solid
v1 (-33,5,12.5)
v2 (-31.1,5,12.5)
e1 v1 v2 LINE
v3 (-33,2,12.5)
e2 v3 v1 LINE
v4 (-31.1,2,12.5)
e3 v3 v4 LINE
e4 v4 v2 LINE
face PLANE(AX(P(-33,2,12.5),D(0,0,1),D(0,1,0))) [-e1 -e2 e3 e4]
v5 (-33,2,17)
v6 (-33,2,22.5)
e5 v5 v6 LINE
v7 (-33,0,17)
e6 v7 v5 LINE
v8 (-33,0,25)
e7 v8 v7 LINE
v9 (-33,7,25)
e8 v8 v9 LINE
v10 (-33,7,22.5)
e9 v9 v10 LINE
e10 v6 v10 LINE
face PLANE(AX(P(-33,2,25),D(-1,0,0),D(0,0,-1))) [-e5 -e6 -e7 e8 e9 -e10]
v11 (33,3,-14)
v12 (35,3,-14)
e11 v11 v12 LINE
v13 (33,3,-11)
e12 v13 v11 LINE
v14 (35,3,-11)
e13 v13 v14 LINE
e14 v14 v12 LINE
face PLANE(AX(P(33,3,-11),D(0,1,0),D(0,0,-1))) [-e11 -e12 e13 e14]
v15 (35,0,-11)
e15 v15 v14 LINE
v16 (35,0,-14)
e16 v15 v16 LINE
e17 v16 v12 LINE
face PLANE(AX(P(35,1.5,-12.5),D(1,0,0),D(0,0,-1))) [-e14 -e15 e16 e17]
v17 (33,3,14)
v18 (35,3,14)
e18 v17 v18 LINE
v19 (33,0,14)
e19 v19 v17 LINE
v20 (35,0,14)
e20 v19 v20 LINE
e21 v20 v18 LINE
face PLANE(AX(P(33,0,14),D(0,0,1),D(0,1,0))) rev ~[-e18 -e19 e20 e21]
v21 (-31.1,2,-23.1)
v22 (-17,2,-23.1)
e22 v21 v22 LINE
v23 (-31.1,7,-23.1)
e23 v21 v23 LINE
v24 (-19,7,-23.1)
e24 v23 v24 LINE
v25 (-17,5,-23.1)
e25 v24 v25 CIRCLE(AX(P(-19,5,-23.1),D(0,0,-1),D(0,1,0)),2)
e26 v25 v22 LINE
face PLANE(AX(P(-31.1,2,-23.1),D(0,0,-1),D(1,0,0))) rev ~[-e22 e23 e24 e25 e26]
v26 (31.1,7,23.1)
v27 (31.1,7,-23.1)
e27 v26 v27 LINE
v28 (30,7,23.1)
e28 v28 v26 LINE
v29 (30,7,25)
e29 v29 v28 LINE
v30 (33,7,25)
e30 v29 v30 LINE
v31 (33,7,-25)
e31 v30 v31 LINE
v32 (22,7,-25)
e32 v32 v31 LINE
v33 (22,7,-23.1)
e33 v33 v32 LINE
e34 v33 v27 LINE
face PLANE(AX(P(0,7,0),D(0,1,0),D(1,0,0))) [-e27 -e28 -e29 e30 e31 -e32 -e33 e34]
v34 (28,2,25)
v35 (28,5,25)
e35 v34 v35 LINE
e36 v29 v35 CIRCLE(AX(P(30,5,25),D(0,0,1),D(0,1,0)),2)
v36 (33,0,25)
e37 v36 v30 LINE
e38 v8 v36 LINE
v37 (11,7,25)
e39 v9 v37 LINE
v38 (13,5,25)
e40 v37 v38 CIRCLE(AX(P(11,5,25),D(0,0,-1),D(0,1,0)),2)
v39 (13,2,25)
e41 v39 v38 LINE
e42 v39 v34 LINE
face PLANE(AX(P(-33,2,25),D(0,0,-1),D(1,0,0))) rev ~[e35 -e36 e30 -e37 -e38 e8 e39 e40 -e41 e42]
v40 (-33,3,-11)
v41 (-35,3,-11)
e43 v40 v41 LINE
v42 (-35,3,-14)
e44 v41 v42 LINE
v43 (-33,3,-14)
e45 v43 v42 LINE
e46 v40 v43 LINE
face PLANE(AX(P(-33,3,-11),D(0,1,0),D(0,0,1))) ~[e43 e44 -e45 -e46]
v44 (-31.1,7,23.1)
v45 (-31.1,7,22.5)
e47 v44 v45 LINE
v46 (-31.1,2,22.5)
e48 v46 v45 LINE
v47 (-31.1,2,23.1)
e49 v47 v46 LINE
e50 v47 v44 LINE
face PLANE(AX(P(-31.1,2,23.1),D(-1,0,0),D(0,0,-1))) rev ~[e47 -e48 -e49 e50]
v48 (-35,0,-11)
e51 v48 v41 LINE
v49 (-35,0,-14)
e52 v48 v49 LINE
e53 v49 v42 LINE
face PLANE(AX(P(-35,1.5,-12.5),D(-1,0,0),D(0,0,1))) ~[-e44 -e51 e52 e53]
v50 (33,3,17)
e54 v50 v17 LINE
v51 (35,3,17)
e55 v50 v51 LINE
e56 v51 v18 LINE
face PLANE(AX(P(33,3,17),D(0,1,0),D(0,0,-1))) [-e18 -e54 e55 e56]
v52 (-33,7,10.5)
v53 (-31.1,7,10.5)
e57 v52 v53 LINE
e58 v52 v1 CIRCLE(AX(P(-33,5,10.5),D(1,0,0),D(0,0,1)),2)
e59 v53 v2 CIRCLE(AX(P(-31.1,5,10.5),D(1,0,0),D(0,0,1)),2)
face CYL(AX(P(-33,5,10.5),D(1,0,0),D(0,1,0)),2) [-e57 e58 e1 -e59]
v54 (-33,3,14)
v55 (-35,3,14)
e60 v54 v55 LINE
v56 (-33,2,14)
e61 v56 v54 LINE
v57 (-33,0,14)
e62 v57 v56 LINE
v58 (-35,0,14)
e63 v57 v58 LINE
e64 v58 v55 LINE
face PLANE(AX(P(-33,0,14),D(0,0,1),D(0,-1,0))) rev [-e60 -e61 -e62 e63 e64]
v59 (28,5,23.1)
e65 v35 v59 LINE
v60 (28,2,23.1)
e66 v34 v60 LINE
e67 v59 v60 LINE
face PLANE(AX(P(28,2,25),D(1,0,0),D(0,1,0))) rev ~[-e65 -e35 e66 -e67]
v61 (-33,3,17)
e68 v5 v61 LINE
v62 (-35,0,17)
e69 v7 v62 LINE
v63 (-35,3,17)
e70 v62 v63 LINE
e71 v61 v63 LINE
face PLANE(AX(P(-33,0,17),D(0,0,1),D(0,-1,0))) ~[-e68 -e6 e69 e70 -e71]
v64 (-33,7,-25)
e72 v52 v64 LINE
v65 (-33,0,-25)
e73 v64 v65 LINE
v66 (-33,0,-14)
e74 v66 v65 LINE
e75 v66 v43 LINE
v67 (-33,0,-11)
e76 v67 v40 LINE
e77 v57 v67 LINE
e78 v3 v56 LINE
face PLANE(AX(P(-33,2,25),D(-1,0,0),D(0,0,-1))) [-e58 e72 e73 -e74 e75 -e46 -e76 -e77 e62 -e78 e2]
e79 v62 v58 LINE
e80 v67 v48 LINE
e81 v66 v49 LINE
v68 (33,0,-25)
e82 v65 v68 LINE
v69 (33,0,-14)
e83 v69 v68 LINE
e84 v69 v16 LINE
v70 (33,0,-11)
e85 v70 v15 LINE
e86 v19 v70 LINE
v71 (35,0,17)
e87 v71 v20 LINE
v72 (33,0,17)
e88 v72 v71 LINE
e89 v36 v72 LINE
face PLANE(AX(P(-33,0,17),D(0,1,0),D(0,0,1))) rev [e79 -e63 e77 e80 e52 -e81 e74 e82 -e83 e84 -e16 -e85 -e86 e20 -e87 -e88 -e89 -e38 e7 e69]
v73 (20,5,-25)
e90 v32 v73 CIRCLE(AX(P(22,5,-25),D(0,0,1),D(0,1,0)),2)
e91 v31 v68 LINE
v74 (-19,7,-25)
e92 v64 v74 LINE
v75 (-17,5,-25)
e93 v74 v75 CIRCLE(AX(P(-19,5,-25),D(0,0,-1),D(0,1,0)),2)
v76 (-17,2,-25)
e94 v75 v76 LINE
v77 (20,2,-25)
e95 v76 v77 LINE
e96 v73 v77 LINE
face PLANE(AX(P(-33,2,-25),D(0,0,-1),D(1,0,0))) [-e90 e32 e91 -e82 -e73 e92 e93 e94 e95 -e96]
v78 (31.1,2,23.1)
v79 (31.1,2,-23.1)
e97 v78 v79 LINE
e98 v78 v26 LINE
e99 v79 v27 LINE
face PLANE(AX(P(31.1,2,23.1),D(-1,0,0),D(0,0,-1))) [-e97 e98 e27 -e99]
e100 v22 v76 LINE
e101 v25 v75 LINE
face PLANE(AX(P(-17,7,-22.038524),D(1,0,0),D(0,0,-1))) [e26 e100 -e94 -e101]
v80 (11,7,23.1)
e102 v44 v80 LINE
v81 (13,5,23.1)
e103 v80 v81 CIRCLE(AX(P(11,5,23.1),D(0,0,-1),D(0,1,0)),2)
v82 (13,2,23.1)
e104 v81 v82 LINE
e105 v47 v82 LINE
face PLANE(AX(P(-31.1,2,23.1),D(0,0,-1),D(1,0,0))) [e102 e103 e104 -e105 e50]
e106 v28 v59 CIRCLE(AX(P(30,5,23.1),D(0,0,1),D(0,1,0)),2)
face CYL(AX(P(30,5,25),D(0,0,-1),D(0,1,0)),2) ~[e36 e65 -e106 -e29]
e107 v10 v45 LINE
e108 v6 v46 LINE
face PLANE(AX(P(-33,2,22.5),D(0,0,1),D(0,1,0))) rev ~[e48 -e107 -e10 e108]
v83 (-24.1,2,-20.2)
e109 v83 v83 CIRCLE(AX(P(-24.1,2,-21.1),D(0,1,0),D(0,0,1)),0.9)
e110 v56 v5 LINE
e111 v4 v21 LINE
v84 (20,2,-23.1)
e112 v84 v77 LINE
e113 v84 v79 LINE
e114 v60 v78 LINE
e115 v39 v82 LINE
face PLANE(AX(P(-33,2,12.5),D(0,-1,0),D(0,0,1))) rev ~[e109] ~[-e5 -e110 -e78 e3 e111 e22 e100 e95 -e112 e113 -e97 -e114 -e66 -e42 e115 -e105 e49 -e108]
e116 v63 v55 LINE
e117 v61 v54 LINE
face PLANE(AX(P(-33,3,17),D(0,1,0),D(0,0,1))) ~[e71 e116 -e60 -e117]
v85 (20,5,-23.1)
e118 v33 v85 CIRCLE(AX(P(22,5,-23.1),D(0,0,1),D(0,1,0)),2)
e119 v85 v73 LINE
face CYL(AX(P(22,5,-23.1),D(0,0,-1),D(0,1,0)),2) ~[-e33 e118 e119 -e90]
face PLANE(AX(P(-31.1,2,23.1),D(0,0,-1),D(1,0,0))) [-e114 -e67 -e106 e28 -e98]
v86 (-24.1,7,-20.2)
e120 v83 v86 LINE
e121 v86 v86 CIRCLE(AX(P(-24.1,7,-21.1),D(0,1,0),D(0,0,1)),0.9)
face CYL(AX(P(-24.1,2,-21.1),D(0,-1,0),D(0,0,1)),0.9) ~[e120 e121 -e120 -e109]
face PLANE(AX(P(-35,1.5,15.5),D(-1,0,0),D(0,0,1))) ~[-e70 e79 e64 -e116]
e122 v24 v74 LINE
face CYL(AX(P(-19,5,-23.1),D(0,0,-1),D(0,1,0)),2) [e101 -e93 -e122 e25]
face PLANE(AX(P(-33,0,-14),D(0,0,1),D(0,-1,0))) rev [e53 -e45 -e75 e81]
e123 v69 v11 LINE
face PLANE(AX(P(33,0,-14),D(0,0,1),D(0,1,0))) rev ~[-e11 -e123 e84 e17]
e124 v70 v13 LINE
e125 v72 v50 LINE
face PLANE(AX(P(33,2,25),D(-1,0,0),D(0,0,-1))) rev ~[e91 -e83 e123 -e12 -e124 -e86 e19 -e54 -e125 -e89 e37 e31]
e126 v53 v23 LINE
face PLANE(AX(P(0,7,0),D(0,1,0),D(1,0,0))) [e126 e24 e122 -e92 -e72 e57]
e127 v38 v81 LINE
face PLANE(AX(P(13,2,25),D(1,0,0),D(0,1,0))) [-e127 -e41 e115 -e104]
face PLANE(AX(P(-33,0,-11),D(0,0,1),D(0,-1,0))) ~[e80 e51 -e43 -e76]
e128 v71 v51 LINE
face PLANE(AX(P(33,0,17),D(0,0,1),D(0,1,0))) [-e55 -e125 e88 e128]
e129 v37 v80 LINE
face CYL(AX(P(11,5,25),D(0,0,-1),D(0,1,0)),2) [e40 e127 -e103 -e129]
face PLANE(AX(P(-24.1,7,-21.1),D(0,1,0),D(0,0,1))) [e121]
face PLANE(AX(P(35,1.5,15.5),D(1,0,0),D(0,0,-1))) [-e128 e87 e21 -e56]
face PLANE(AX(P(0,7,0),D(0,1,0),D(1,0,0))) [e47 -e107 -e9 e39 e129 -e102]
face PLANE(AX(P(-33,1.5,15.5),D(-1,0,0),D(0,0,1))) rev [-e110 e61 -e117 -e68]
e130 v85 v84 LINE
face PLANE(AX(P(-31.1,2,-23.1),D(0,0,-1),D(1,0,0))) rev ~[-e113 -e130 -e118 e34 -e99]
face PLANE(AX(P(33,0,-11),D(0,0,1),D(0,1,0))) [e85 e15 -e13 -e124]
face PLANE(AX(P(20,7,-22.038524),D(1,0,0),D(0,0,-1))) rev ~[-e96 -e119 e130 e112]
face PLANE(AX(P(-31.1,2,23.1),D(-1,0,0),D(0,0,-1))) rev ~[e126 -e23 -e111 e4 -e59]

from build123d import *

# Parameters (mm, degrees)
SKETCH_2_W          = 66
SKETCH_2_H          = 50
EXTRUDE_1_DEPTH     = 2
SKETCH_3_W          = 66
SKETCH_3_H          = 50
SKETCH_3_W_2        = 62.2
SKETCH_3_H_2        = 46.2
EXTRUDE_2_DEPTH     = 5
SKETCH_4_W          = 37
SKETCH_4_H          = 6.241197807
CUT_EXTRUDE_1_DEPTH = 5
SKETCH_5_R          = 0.9
EXTRUDE_3_DEPTH     = 5
SKETCH_6_W          = 10
SKETCH_6_H          = 5
CUT_EXTRUDE_2_DEPTH = 5
SKETCH_7_W          = 15
SKETCH_7_H          = 5
CUT_EXTRUDE_3_DEPTH = 5
FILLET_1_R          = 2
SKETCH_8_W          = 3
SKETCH_8_H          = 3
EXTRUDE_4_DEPTH     = 2


with BuildPart() as part:
    # 草图2 → 凸台-拉伸1 (new body)
    with BuildSketch(Plane(origin=(0, 0, 0), x_dir=(1, 0, 0), z_dir=(0, 1, 0))):
        Rectangle(SKETCH_2_W, SKETCH_2_H)
    extrude(amount=EXTRUDE_1_DEPTH)

    # 草图3 → 凸台-拉伸2 (add)
    with BuildSketch(Plane(origin=(0, 2, 0), x_dir=(1, 0, 0), z_dir=(0, 1, 0))):
        Rectangle(SKETCH_3_W, SKETCH_3_H)
        Rectangle(SKETCH_3_W_2, SKETCH_3_H_2, mode=Mode.SUBTRACT)
    extrude(amount=EXTRUDE_2_DEPTH)

    # 草图4 → 切除-拉伸1 (cut)
    with BuildSketch(Plane(origin=(0, 7, 0), x_dir=(1, 0, 0), z_dir=(0, 1, 0))):
        with Locations((1.5, 25.15912339)):
            Rectangle(SKETCH_4_W, SKETCH_4_H)
    extrude(amount=-CUT_EXTRUDE_1_DEPTH, mode=Mode.SUBTRACT)

    # 草图5 → 凸台-拉伸3 (add)
    with BuildSketch(Plane(origin=(0, 2, 0), x_dir=(1, 0, 0), z_dir=(0, 1, 0))):
        with Locations(Location((-24.1, 21.1, 0), (0, 0, 270))):
            Circle(SKETCH_5_R)
    extrude(amount=EXTRUDE_3_DEPTH)

    # 草图6 → 切除-拉伸2 (cut)
    with BuildSketch(Plane.ZY.offset(33)):
        with Locations((17.5, 4.5)):
            Rectangle(SKETCH_6_W, SKETCH_6_H)
    extrude(amount=-CUT_EXTRUDE_2_DEPTH, mode=Mode.SUBTRACT)

    # 草图7 → 切除-拉伸3 (cut)
    with BuildSketch(Plane.XY.offset(25)):
        with Locations((20.5, 4.5)):
            Rectangle(SKETCH_7_W, SKETCH_7_H)
    extrude(amount=-CUT_EXTRUDE_3_DEPTH, mode=Mode.SUBTRACT)

    # 圆角1
    fillet_1_edges = [part.edges().sort_by_distance(p)[0] for p in [
        (13, 7, 24.05),
        (28, 7, 24.05),
        (-17, 7, -24.05),
        (20, 7, -24.05),
        (-32.05, 7, 12.5),
    ]]
    fillet(fillet_1_edges, radius=FILLET_1_R)

    # 草图8 → 凸台-拉伸4 (add)
    with BuildSketch(Plane(origin=(33, 0, 0), x_dir=(0, 0, -1), z_dir=(1, 0, 0))):
        with Locations((-15.5, 1.5)):
            Rectangle(SKETCH_8_W, SKETCH_8_H)
        with Locations((12.5, 1.5)):
            Rectangle(SKETCH_8_W, SKETCH_8_H)
    extrude_4 = extrude(amount=EXTRUDE_4_DEPTH)

    # 镜向1: 凸台-拉伸4 across plane
    add(extrude_4.mirror(Plane(origin=(0, 0, 0), x_dir=(0, 0, 1), z_dir=(1, 0, 0))))


solid = part.part
